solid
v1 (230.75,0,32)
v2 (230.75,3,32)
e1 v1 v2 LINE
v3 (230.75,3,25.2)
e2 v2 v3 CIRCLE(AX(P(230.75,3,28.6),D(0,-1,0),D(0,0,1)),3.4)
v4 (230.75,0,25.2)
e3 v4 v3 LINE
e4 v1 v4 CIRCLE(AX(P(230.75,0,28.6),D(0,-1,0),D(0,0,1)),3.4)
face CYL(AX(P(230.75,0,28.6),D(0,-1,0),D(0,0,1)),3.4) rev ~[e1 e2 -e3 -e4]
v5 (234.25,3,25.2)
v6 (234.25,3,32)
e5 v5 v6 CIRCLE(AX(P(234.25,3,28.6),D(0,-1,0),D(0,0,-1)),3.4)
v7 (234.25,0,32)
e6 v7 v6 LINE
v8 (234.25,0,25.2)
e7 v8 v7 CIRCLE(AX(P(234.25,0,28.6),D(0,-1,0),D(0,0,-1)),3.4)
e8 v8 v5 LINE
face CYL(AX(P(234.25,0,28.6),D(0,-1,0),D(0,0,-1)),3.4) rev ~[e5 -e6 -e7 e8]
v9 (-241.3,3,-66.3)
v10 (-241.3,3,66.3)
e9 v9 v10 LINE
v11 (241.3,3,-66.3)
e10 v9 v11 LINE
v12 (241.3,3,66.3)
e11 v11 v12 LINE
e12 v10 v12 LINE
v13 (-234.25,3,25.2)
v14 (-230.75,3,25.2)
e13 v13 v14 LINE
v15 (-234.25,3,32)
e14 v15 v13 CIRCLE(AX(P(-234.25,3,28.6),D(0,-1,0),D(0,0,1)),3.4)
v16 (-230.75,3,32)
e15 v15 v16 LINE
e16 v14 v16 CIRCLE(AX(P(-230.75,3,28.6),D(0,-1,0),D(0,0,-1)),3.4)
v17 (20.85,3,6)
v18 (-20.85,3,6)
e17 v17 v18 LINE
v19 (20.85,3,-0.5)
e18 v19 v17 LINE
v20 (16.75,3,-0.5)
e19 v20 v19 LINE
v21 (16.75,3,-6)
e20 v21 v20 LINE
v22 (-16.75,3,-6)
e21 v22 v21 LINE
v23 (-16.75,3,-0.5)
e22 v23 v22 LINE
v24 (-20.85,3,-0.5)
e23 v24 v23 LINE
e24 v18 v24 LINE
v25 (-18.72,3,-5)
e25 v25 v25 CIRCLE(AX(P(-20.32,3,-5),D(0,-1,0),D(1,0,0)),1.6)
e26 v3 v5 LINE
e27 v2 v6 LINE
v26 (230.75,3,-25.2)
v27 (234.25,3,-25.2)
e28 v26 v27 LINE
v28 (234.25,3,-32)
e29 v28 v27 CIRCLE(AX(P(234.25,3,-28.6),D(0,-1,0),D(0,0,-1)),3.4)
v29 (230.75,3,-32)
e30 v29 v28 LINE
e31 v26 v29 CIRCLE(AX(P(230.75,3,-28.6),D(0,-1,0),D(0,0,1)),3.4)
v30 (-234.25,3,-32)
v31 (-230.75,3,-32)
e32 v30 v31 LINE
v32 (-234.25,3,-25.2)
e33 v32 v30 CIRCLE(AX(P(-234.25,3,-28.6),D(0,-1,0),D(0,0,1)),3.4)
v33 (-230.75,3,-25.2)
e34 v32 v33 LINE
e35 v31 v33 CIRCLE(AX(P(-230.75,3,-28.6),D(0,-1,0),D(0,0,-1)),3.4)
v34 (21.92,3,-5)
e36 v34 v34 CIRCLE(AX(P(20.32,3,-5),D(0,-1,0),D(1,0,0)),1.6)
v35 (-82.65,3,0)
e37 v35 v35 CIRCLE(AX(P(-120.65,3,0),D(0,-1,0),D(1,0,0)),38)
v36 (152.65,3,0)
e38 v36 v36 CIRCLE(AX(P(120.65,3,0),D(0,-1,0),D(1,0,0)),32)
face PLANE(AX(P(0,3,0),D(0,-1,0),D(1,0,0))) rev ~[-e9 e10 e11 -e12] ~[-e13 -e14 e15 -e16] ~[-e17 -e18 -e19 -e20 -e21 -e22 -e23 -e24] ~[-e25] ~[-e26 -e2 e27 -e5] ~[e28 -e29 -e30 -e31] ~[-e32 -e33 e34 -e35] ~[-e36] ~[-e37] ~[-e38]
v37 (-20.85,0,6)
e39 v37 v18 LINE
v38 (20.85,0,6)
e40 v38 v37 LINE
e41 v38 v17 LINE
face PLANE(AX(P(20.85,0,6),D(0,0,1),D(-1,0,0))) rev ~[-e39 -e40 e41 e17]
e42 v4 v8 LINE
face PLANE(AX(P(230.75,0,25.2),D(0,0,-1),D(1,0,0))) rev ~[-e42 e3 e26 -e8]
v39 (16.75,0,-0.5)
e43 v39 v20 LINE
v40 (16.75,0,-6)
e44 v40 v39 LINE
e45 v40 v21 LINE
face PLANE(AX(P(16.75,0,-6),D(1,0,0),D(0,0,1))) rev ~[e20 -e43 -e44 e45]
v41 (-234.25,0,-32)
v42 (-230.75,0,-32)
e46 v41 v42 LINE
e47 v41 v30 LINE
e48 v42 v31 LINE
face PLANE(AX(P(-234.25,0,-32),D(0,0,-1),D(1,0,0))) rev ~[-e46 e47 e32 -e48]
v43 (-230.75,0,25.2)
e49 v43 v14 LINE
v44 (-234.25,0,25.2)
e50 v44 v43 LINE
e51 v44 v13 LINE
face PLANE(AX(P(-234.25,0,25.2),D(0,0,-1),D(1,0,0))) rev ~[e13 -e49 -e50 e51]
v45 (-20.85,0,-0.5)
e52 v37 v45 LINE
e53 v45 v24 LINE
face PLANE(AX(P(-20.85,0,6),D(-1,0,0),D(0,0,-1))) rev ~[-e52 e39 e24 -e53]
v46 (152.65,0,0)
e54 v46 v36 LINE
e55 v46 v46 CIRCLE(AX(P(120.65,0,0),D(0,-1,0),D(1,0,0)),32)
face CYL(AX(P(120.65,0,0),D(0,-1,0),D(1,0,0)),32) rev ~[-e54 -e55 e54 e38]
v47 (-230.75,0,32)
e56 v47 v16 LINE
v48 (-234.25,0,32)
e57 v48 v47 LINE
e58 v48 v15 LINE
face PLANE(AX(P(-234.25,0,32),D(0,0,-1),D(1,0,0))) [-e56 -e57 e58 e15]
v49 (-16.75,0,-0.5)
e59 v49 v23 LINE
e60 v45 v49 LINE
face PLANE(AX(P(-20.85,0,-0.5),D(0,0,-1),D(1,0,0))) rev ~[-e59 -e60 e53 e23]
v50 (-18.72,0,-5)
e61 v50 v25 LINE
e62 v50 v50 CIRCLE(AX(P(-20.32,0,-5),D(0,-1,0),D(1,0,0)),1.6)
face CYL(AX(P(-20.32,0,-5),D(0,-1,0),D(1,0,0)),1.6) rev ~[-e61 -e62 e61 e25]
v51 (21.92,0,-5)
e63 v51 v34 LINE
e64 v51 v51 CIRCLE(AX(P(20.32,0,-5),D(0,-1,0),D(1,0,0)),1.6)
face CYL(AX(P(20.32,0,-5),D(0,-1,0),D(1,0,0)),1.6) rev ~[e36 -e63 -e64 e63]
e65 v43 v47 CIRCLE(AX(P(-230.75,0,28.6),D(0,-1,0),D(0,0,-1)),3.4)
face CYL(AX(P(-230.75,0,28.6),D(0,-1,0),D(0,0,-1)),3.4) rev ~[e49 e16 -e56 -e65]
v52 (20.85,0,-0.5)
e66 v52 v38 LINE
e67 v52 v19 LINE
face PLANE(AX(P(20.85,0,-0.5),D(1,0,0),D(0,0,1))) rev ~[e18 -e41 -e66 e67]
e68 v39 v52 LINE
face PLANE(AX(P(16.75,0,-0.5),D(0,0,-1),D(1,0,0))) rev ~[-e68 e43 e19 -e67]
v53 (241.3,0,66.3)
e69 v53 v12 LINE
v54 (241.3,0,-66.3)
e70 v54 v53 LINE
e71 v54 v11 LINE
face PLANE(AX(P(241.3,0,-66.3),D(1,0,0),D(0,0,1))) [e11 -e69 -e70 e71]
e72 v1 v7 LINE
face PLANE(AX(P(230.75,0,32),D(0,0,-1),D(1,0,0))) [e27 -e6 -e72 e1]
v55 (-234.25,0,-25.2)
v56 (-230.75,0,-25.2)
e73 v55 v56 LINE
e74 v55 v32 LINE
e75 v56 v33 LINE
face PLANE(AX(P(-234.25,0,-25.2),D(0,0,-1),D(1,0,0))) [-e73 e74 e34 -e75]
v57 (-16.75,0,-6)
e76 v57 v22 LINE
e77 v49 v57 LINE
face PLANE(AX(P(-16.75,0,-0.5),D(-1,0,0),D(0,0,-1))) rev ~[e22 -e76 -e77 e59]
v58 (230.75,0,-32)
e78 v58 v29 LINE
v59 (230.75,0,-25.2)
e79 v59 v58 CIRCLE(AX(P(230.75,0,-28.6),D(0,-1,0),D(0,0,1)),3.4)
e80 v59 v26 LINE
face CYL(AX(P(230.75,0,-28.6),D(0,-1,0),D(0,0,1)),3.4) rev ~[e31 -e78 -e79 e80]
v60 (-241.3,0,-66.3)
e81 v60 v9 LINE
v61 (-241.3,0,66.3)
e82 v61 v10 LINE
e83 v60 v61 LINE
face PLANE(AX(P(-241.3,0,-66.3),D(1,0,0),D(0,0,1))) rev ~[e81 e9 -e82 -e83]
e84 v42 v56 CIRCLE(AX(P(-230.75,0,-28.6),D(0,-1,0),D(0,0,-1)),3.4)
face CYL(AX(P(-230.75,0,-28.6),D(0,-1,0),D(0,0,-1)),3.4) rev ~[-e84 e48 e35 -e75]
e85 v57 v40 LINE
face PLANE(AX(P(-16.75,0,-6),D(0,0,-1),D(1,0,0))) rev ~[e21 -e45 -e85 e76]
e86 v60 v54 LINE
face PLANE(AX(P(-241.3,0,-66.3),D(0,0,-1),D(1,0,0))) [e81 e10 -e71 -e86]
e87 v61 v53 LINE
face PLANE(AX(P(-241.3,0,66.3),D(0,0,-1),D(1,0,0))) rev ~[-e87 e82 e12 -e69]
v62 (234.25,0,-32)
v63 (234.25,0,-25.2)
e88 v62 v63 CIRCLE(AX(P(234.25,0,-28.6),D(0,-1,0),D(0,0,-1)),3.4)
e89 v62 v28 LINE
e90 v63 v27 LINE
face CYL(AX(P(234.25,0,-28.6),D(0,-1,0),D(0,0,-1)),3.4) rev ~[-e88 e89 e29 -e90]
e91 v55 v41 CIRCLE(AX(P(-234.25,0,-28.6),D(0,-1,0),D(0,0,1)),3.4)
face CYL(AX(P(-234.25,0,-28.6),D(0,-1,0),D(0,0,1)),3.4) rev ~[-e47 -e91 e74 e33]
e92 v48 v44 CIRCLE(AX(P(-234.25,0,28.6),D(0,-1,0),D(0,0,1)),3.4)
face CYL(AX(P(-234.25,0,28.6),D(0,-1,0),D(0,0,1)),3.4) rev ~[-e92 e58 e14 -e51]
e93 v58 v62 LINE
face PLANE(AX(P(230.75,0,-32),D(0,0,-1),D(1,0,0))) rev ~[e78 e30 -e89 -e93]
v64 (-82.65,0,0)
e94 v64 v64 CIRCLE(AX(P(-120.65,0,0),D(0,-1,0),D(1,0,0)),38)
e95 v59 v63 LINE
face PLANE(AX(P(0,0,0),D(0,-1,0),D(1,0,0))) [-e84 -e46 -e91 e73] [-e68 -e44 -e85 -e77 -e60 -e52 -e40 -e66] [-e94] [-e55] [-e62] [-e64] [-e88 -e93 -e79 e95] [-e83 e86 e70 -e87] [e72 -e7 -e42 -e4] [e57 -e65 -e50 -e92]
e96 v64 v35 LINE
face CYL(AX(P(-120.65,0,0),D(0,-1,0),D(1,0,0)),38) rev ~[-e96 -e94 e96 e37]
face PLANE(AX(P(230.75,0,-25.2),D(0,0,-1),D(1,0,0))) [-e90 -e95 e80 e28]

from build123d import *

# Parameters (mm, degrees)
F0_W     = 482.6
F0_H     = 132.6
F1_DEPTH = 3
F2_W     = 3.5
F2_H     = 6.8
F3_W     = 3.5
F3_H     = 6.8
F4_W     = 3.5
F4_H     = 6.8
F5_W     = 3.5
F5_H     = 6.8
F6_DEPTH = 3
F7_R     = 38
F7_R_2   = 32
F7_R_3   = 1.6
F8_DEPTH = 3


with BuildPart() as f1:
    # F0 (on Front) → F1 (new body)
    with BuildSketch(Plane.XZ):
        Rectangle(F0_W, F0_H)
    extrude(amount=-F1_DEPTH)

    # F2 (on face) + F3 (on face) + F4 (on face) + F5 (on face) → F6 (cut)
    with BuildSketch(Plane.XZ):
        with Locations((-232.5, 28.6)):
            Rectangle(F2_W, F2_H)
        with BuildLine():
            Line((-230.75, 32), (-230.75, 25.2))
            ThreePointArc((-230.75, 25.2), (-227.35, 28.6), (-230.75, 32))
        make_face()
        with BuildLine():
            ThreePointArc((-234.25, 32), (-237.65, 28.6), (-234.25, 25.2))
            Line((-234.25, 25.2), (-234.25, 32))
        make_face()
    with BuildSketch(Plane.XZ):
        with Locations((-232.5, -28.6)):
            Rectangle(F3_W, F3_H)
        with BuildLine():
            Line((-230.75, -25.2), (-230.75, -32))
            ThreePointArc((-230.75, -32), (-227.35, -28.6), (-230.75, -25.2))
        make_face()
        with BuildLine():
            ThreePointArc((-234.25, -25.2), (-237.65, -28.6), (-234.25, -32))
            Line((-234.25, -32), (-234.25, -25.2))
        make_face()
    with BuildSketch(Plane.XZ):
        with Locations((232.5, 28.6)):
            Rectangle(F4_W, F4_H)
        with BuildLine():
            ThreePointArc((234.25, 25.2), (237.65, 28.6), (234.25, 32))
            Line((234.25, 32), (234.25, 25.2))
        make_face()
        with BuildLine():
            Line((230.75, 25.2), (230.75, 32))
            ThreePointArc((230.75, 32), (227.35, 28.6), (230.75, 25.2))
        make_face()
    with BuildSketch(Plane.XZ):
        with Locations((232.5, -28.6)):
            Rectangle(F5_W, F5_H)
        with BuildLine():
            Line((234.25, -25.2), (234.25, -32))
            ThreePointArc((234.25, -32), (237.65, -28.6), (234.25, -25.2))
        make_face()
        with BuildLine():
            ThreePointArc((230.75, -25.2), (227.35, -28.6), (230.75, -32))
            Line((230.75, -32), (230.75, -25.2))
        make_face()
    extrude(amount=-F6_DEPTH, mode=Mode.SUBTRACT)

    # F7 (on face) → F8 (cut)
    with BuildSketch(Plane.XZ):
        with Locations((-120.65, 0)):
            Circle(F7_R)
        with Locations((120.65, 0)):
            Circle(F7_R_2)
        Polygon((20.85, -0.5), (20.85, 6), (-20.85, 6), (-20.85, -0.5), (-16.75, -0.5), (-16.75, -6), (16.75, -6), (16.75, -0.5), align=None)
        with Locations((20.32, -5)):
            Circle(F7_R_3)
        with Locations((-20.32, -5)):
            Circle(F7_R_3)
    extrude(amount=-F8_DEPTH, mode=Mode.SUBTRACT)


solid = f1.part
